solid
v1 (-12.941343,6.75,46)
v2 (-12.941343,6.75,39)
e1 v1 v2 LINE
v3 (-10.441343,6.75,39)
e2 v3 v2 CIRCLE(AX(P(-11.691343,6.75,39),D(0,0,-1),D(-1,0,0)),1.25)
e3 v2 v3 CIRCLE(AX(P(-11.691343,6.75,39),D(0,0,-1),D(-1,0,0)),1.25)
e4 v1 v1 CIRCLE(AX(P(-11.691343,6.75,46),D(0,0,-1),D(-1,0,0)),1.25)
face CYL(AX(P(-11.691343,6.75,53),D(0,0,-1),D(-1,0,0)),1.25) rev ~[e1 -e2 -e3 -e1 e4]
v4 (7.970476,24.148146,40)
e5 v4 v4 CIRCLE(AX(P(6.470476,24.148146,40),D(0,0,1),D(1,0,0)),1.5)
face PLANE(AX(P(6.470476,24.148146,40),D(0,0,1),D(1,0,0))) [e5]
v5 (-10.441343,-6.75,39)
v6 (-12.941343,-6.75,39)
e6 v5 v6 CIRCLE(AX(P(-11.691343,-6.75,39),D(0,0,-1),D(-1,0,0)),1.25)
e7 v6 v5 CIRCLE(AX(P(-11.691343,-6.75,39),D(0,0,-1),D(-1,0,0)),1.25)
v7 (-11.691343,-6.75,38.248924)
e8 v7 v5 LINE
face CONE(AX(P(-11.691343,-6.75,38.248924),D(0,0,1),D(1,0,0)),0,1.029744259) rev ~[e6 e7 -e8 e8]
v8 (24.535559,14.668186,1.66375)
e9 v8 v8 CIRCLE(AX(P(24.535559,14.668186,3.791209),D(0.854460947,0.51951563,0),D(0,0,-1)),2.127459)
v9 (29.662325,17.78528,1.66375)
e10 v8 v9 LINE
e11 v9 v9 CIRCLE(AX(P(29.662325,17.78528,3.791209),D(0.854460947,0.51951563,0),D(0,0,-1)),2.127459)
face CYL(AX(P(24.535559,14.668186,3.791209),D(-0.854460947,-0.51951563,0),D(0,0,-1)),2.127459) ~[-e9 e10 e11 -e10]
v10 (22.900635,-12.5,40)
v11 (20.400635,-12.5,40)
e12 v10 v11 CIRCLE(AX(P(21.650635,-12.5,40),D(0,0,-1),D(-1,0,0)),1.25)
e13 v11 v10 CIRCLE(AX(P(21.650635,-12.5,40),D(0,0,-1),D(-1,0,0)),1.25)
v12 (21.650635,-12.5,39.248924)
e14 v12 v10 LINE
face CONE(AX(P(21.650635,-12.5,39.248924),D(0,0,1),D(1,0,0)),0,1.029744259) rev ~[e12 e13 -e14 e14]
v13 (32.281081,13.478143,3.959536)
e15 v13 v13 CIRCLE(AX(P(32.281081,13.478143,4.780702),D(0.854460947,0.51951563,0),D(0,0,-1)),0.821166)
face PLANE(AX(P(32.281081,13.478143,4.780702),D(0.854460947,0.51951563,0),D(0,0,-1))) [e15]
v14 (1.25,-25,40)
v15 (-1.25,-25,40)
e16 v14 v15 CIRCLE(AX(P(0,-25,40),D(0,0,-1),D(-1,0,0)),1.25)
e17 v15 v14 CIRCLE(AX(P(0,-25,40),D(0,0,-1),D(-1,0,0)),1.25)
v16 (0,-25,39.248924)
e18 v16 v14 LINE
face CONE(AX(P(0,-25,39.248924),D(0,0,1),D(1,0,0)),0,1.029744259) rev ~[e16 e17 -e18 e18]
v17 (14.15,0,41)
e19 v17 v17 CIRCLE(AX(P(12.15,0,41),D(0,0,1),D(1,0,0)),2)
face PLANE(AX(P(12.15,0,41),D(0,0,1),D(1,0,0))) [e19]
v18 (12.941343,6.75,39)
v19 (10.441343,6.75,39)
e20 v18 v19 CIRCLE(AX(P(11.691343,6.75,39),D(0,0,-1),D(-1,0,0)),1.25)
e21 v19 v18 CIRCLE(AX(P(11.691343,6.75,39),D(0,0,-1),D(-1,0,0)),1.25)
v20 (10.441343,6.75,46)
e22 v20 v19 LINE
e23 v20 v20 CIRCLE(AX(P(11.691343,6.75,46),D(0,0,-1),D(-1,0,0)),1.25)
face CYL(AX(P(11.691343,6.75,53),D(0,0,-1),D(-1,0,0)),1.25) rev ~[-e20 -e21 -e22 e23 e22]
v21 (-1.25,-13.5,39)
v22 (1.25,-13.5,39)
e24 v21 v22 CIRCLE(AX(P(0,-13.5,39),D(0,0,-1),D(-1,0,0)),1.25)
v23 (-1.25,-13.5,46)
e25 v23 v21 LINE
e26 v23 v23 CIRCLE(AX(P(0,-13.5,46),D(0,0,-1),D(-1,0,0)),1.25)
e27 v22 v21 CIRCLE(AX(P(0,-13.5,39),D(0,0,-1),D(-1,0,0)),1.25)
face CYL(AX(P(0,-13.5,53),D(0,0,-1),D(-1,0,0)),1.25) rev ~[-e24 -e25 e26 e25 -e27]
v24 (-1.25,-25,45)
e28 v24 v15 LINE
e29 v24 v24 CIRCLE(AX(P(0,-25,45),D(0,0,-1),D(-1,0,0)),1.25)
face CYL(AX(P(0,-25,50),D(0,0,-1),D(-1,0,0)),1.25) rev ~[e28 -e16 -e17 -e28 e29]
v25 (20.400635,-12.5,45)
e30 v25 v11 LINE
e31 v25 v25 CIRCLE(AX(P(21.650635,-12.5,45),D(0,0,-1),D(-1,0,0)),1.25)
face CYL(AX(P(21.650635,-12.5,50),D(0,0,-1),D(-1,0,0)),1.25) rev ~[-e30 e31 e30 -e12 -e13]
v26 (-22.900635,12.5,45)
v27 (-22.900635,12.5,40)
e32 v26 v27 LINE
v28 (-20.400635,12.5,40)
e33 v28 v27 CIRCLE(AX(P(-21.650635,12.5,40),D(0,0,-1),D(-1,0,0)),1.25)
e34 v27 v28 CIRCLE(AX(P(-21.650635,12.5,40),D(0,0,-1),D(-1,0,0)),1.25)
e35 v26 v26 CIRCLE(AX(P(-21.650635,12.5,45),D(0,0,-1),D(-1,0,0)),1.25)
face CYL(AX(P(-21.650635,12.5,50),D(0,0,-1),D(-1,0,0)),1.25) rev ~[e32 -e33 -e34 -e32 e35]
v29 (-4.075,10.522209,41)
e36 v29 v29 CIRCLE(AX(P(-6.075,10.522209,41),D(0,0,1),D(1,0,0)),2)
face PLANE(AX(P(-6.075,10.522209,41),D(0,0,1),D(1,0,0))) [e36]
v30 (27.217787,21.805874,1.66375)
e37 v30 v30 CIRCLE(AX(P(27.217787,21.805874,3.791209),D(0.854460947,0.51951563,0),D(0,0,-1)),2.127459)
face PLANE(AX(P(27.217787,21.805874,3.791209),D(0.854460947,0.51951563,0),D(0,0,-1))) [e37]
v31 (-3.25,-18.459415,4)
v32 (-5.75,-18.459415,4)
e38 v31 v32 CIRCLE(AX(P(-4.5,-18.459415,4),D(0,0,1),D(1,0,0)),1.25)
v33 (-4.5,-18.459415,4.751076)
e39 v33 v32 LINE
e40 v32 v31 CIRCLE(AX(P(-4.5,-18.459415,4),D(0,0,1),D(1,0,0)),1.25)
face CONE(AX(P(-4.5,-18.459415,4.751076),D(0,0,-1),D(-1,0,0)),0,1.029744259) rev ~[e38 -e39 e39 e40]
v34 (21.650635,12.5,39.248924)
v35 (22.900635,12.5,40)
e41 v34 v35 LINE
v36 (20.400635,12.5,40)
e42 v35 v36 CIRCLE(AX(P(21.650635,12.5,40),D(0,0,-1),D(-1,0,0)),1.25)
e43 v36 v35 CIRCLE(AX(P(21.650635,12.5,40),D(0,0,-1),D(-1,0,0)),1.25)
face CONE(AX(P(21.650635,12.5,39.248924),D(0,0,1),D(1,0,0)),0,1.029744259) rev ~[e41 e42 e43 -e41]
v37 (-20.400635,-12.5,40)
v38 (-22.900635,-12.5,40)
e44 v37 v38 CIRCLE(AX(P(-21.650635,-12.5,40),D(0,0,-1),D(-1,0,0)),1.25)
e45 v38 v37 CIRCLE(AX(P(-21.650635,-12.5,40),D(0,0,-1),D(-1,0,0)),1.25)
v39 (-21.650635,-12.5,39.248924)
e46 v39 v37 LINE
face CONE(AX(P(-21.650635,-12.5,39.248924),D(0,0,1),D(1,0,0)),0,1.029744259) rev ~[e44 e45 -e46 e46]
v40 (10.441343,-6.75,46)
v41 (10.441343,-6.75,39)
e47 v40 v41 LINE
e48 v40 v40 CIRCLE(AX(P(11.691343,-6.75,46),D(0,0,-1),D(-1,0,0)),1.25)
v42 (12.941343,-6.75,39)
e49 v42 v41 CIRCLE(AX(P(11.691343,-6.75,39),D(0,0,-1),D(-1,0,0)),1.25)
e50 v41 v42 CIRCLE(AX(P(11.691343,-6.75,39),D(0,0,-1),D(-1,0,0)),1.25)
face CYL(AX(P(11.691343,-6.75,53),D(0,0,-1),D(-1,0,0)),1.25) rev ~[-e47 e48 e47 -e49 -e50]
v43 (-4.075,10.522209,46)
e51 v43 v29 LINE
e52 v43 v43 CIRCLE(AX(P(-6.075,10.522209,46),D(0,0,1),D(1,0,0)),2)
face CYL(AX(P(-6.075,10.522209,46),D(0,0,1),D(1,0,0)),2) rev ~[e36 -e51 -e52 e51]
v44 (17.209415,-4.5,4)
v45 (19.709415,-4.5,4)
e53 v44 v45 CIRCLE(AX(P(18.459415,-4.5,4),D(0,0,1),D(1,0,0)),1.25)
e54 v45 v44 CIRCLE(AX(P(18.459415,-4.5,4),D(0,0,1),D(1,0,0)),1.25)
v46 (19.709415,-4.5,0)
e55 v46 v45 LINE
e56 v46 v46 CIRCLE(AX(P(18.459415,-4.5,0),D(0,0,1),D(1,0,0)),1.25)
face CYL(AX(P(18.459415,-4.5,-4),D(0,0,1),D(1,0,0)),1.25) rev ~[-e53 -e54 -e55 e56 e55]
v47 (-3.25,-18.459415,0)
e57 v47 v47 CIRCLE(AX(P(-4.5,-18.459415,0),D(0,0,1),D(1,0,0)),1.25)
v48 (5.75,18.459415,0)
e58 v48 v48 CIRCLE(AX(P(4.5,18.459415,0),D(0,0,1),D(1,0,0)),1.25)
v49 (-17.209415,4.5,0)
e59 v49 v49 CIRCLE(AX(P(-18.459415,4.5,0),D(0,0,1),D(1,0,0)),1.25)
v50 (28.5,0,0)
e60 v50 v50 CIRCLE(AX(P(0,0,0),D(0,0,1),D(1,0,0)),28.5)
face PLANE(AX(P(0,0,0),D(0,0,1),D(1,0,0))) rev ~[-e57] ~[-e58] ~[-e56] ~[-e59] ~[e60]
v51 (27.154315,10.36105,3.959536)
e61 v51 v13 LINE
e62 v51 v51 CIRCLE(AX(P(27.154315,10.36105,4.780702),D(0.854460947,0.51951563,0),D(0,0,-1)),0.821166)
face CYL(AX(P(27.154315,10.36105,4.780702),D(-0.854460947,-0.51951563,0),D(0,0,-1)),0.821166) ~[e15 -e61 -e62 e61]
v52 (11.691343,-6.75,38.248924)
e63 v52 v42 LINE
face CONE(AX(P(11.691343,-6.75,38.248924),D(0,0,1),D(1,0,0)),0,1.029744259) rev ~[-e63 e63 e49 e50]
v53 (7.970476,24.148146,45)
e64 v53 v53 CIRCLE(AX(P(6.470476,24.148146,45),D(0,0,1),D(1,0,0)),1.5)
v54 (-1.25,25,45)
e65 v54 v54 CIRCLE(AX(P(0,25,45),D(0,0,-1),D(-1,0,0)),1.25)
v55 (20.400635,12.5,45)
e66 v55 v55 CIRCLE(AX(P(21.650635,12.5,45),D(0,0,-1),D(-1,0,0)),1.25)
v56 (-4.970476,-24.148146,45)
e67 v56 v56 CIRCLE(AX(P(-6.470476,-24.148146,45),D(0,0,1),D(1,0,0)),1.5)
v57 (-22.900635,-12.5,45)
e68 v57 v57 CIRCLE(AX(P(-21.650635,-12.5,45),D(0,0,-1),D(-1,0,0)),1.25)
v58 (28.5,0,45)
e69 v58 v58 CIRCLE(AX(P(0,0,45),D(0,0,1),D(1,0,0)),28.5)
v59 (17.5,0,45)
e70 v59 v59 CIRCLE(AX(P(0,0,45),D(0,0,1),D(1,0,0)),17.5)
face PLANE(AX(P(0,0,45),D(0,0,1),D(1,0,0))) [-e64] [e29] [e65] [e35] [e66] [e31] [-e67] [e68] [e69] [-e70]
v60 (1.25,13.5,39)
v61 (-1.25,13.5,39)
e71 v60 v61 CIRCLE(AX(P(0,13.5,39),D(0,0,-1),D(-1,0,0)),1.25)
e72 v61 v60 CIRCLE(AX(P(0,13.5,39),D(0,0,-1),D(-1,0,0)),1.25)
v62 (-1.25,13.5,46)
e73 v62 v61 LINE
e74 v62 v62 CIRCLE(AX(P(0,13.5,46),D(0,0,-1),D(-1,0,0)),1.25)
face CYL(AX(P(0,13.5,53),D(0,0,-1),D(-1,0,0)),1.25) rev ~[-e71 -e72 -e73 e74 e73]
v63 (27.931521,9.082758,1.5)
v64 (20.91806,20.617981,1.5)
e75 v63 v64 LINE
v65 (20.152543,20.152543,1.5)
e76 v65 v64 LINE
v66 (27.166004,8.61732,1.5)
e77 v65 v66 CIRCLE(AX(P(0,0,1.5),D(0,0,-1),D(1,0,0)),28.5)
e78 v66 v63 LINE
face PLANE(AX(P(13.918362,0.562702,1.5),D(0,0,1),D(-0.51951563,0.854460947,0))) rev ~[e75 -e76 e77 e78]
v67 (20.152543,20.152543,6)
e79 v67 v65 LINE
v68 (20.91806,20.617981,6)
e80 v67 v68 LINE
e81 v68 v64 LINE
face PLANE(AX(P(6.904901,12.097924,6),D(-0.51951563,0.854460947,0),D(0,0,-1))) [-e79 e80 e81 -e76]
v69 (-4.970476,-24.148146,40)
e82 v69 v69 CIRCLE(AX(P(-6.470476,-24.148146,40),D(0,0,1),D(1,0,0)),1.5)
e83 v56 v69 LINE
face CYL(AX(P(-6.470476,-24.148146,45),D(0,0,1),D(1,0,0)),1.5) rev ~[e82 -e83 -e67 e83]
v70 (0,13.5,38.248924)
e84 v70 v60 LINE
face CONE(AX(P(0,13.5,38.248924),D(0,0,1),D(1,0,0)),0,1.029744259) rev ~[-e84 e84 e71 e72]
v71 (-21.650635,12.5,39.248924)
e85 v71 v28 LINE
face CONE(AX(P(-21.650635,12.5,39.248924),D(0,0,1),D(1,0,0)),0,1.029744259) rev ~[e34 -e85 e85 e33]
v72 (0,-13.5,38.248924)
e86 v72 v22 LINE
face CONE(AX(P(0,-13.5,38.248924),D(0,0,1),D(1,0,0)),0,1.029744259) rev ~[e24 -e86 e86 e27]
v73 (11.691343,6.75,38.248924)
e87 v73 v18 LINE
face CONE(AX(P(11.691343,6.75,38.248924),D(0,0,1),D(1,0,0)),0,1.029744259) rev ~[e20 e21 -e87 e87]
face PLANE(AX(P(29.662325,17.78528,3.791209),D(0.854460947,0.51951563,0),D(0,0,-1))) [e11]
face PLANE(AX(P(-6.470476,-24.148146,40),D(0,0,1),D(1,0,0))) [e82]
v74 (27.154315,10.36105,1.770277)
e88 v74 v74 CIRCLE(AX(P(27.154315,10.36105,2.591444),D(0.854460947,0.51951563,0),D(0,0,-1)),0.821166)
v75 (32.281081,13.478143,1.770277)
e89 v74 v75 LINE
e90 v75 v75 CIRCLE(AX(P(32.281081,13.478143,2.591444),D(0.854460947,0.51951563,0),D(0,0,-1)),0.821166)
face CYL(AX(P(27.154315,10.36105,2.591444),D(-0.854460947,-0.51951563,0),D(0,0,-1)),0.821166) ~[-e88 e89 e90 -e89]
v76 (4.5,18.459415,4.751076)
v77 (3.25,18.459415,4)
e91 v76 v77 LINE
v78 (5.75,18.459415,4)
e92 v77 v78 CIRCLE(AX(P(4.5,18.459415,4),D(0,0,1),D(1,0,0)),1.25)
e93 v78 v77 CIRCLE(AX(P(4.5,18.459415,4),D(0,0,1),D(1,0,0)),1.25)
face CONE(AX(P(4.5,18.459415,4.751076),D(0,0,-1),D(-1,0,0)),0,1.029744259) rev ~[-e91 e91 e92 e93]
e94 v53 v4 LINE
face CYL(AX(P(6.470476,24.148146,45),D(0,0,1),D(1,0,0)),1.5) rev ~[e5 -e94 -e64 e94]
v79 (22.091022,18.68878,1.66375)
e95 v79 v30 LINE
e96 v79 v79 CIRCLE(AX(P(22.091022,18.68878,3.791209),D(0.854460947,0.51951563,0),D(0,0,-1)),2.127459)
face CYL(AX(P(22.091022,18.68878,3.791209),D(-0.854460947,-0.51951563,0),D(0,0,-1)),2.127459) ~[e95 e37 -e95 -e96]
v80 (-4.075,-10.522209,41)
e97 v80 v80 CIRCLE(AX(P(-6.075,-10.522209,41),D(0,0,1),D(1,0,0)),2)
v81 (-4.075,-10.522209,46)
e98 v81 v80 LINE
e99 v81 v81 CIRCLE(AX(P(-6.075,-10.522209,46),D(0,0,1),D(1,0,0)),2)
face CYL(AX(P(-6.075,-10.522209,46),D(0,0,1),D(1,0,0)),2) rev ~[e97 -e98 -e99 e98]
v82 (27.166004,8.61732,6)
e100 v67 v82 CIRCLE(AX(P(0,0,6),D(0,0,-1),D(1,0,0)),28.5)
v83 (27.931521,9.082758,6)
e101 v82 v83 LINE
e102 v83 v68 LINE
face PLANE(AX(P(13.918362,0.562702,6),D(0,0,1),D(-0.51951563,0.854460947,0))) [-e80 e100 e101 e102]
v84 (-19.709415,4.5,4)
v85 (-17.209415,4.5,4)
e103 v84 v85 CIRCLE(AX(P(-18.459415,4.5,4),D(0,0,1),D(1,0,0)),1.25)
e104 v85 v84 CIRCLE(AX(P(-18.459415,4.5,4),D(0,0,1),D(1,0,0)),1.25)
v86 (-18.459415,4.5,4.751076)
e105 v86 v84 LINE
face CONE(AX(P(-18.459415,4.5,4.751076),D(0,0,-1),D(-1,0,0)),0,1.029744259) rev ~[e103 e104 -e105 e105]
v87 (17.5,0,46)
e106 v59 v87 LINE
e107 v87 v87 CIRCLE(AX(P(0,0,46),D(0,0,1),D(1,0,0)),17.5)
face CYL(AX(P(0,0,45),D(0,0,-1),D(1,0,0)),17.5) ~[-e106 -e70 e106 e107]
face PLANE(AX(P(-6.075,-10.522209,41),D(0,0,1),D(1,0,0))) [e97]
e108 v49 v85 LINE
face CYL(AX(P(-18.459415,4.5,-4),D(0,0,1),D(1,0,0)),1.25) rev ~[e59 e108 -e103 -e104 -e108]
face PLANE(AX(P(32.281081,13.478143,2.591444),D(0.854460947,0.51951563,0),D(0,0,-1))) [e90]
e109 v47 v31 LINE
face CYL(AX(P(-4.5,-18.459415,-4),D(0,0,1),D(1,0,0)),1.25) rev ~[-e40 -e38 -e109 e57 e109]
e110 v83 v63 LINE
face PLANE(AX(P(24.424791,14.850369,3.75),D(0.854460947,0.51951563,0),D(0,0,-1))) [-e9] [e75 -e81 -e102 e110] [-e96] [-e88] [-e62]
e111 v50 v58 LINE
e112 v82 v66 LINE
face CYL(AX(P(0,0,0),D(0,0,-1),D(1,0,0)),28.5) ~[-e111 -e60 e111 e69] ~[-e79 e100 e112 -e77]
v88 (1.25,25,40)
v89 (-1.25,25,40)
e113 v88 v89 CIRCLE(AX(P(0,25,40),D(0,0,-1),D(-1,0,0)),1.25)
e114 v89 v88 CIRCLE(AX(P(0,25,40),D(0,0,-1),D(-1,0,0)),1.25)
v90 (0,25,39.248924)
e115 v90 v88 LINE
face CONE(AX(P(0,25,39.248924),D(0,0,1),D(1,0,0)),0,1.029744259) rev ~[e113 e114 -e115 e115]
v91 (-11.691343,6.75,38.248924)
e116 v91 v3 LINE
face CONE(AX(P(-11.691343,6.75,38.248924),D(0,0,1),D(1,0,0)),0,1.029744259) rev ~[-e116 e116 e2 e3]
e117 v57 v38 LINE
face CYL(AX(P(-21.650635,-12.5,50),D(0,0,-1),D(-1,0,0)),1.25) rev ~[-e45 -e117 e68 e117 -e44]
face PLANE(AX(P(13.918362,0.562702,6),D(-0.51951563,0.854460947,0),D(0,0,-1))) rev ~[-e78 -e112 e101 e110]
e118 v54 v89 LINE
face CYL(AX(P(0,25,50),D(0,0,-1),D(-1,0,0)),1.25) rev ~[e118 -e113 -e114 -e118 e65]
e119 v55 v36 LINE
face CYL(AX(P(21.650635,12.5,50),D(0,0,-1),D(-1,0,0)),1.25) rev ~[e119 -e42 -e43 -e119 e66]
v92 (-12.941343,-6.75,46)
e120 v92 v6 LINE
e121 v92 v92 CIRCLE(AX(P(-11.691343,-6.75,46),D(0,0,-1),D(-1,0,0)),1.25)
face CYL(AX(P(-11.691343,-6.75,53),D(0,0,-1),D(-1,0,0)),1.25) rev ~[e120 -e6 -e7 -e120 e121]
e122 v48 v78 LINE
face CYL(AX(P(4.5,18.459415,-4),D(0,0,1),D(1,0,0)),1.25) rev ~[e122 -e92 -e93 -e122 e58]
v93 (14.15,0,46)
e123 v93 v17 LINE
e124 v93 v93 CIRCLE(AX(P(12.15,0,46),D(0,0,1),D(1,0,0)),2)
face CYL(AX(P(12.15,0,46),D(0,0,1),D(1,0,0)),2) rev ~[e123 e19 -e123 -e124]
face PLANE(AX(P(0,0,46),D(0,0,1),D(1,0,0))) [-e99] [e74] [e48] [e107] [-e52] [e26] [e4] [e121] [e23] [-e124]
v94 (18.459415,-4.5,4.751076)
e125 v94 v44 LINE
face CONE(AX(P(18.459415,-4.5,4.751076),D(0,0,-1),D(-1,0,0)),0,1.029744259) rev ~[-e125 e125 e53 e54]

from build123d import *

# Parameters (mm, degrees)
SKETCH_1_R             = 28.5
EXTRUDE_1_DEPTH        = 45
SKETCH_2_R             = 17.5
EXTRUDE_2_DEPTH        = 1
SKETCH_3_R             = 1
SKETCH_3_R_2           = 1.5
CUT_EXTRUDE_1_DEPTH    = 5
HOLE_WIZARD_M3_1_D     = 2.5
HOLE_WIZARD_M3_1_DEPTH = 5
HOLE_WIZARD_M3_1_TIP   = 0.751075774
SKETCH_7_R             = 1
SKETCH_7_R_2           = 2
CUT_EXTRUDE_2_DEPTH    = 5
HOLE_WIZARD_M3_2_D     = 2.5
HOLE_WIZARD_M3_2_DEPTH = 7
HOLE_WIZARD_M3_2_TIP   = 0.751075774
SKETCH_10_R            = 1
CUT_EXTRUDE_3_DEPTH    = 4
HOLE_WIZARD_M3_3_D     = 2.5
HOLE_WIZARD_M3_3_DEPTH = 4
HOLE_WIZARD_M3_3_TIP   = 0.751075774
SKETCH_12_W            = 4.5
SKETCH_12_H            = 13.5
EXTRUDE_3_DEPTH        = 16.4
SKETCH_14_R            = 2.127458751
SKETCH_14_R_2          = 0.821166135
EXTRUDE_4_DEPTH        = 6


with BuildPart() as part:
    # 草图1 → 凸台-拉伸1 (new body)
    with BuildSketch(Plane.XY):
        Circle(SKETCH_1_R)
    extrude(amount=EXTRUDE_1_DEPTH)

    # 草图2 → 凸台-拉伸2 (add)
    with BuildSketch(Plane.XY.offset(45)):
        Circle(SKETCH_2_R)
    extrude(amount=EXTRUDE_2_DEPTH)

    # 草图3 → 切除-拉伸1 (cut)
    with BuildSketch(Plane.XY.offset(45)):
        with Locations((0, 25)):
            Circle(SKETCH_3_R)
        with Locations((21.650635095, 12.5)):
            Circle(SKETCH_3_R)
        with Locations((21.650635095, -12.5)):
            Circle(SKETCH_3_R)
        with Locations((0, -25)):
            Circle(SKETCH_3_R)
        with Locations((-21.650635095, -12.5)):
            Circle(SKETCH_3_R)
        with Locations((-21.650635095, 12.5)):
            Circle(SKETCH_3_R)
        with Locations((-6.470476128, -24.148145657)):
            Circle(SKETCH_3_R_2)
        with Locations((6.470476128, 24.148145657)):
            Circle(SKETCH_3_R_2)
    extrude(amount=-CUT_EXTRUDE_1_DEPTH, mode=Mode.SUBTRACT)

    # M3 螺纹孔1
    with Locations(Plane.XY.offset(45)):
        with Locations((-21.650635095, 12.5), (0, 25), (21.650635095, 12.5), (21.650635095, -12.5), (0, -25), (-21.650635095, -12.5)):
            Hole(HOLE_WIZARD_M3_1_D / 2, depth=HOLE_WIZARD_M3_1_DEPTH)
            with Locations((0, 0, -(HOLE_WIZARD_M3_1_DEPTH + HOLE_WIZARD_M3_1_TIP / 2))):  # 118° drill point
                Cone(0, HOLE_WIZARD_M3_1_D / 2, HOLE_WIZARD_M3_1_TIP, mode=Mode.SUBTRACT)

    # 草图7 → 切除-拉伸2 (cut)
    with BuildSketch(Plane.XY.offset(46)):
        with Locations((0, 13.5)):
            Circle(SKETCH_7_R)
        with Locations((11.691342951, 6.75)):
            Circle(SKETCH_7_R)
        with Locations((11.691342951, -6.75)):
            Circle(SKETCH_7_R)
        with Locations((0, -13.5)):
            Circle(SKETCH_7_R)
        with Locations((-11.691342951, -6.75)):
            Circle(SKETCH_7_R)
        with Locations((-11.691342951, 6.75)):
            Circle(SKETCH_7_R)
        with Locations((12.15, 0)):
            Circle(SKETCH_7_R_2)
        with Locations((-6.075, -10.522208656)):
            Circle(SKETCH_7_R_2)
        with Locations((-6.075, 10.522208656)):
            Circle(SKETCH_7_R_2)
    extrude(amount=-CUT_EXTRUDE_2_DEPTH, mode=Mode.SUBTRACT)

    # M3 螺纹孔2
    with Locations(Plane.XY.offset(46)):
        with Locations((-11.691342951, 6.75), (0, 13.5), (11.691342951, 6.75), (11.691342951, -6.75), (0, -13.5), (-11.691342951, -6.75)):
            Hole(HOLE_WIZARD_M3_2_D / 2, depth=HOLE_WIZARD_M3_2_DEPTH)
            with Locations((0, 0, -(HOLE_WIZARD_M3_2_DEPTH + HOLE_WIZARD_M3_2_TIP / 2))):  # 118° drill point
                Cone(0, HOLE_WIZARD_M3_2_D / 2, HOLE_WIZARD_M3_2_TIP, mode=Mode.SUBTRACT)

    # 草图10 → 切除-拉伸3 (cut)
    with BuildSketch(Plane(origin=(0, 0, 0), x_dir=(-1, 0, 0), z_dir=(0, 0, -1))):
        with Locations((-4.5, 18.459414942)):
            Circle(SKETCH_10_R)
        with Locations((18.459414942, 4.5)):
            Circle(SKETCH_10_R)
        with Locations((4.5, -18.459414942)):
            Circle(SKETCH_10_R)
        with Locations((-18.459414942, -4.5)):
            Circle(SKETCH_10_R)
    extrude(amount=-CUT_EXTRUDE_3_DEPTH, mode=Mode.SUBTRACT)

    # M3 螺纹孔3
    with Locations(Plane(origin=(4.5, 18.459414942, 0), x_dir=(-1, 0, 0), z_dir=(0, 0, -1))):
        with Locations((0, 0), (-13.959414942, -22.959414942), (9, -36.918829884), (22.959414942, -13.959414942)):
            Hole(HOLE_WIZARD_M3_3_D / 2, depth=HOLE_WIZARD_M3_3_DEPTH)
            with Locations((0, 0, -(HOLE_WIZARD_M3_3_DEPTH + HOLE_WIZARD_M3_3_TIP / 2))):  # 118° drill point
                Cone(0, HOLE_WIZARD_M3_3_D / 2, HOLE_WIZARD_M3_3_TIP, mode=Mode.SUBTRACT)

    # 草图12 → 凸台-拉伸3 (add)
    with BuildSketch(Plane(origin=(10.411631287, 6.330312934, 0), x_dir=(0, 0, -1), z_dir=(0.854460947, 0.51951563, 0))):
        with Locations((-3.75, 0)):
            Rectangle(SKETCH_12_W, SKETCH_12_H)
    extrude(amount=EXTRUDE_3_DEPTH)

    # 草图14 → 凸台-拉伸4 (add)
    with BuildSketch(Plane(origin=(24.424790822, 14.850369263, 0), x_dir=(0, 0, -1), z_dir=(0.854460947, 0.51951563, 0))):
        with Locations((-3.791208739, 4.492201758)):
            Circle(SKETCH_14_R)
        with Locations((-3.791208739, -0.213214329)):
            Circle(SKETCH_14_R)
        with Locations((-4.780701919, -5.253978847)):
            Circle(SKETCH_14_R_2)
        with Locations((-2.591443579, -5.253978847)):
            Circle(SKETCH_14_R_2)
    extrude(amount=EXTRUDE_4_DEPTH)


solid = part.part
